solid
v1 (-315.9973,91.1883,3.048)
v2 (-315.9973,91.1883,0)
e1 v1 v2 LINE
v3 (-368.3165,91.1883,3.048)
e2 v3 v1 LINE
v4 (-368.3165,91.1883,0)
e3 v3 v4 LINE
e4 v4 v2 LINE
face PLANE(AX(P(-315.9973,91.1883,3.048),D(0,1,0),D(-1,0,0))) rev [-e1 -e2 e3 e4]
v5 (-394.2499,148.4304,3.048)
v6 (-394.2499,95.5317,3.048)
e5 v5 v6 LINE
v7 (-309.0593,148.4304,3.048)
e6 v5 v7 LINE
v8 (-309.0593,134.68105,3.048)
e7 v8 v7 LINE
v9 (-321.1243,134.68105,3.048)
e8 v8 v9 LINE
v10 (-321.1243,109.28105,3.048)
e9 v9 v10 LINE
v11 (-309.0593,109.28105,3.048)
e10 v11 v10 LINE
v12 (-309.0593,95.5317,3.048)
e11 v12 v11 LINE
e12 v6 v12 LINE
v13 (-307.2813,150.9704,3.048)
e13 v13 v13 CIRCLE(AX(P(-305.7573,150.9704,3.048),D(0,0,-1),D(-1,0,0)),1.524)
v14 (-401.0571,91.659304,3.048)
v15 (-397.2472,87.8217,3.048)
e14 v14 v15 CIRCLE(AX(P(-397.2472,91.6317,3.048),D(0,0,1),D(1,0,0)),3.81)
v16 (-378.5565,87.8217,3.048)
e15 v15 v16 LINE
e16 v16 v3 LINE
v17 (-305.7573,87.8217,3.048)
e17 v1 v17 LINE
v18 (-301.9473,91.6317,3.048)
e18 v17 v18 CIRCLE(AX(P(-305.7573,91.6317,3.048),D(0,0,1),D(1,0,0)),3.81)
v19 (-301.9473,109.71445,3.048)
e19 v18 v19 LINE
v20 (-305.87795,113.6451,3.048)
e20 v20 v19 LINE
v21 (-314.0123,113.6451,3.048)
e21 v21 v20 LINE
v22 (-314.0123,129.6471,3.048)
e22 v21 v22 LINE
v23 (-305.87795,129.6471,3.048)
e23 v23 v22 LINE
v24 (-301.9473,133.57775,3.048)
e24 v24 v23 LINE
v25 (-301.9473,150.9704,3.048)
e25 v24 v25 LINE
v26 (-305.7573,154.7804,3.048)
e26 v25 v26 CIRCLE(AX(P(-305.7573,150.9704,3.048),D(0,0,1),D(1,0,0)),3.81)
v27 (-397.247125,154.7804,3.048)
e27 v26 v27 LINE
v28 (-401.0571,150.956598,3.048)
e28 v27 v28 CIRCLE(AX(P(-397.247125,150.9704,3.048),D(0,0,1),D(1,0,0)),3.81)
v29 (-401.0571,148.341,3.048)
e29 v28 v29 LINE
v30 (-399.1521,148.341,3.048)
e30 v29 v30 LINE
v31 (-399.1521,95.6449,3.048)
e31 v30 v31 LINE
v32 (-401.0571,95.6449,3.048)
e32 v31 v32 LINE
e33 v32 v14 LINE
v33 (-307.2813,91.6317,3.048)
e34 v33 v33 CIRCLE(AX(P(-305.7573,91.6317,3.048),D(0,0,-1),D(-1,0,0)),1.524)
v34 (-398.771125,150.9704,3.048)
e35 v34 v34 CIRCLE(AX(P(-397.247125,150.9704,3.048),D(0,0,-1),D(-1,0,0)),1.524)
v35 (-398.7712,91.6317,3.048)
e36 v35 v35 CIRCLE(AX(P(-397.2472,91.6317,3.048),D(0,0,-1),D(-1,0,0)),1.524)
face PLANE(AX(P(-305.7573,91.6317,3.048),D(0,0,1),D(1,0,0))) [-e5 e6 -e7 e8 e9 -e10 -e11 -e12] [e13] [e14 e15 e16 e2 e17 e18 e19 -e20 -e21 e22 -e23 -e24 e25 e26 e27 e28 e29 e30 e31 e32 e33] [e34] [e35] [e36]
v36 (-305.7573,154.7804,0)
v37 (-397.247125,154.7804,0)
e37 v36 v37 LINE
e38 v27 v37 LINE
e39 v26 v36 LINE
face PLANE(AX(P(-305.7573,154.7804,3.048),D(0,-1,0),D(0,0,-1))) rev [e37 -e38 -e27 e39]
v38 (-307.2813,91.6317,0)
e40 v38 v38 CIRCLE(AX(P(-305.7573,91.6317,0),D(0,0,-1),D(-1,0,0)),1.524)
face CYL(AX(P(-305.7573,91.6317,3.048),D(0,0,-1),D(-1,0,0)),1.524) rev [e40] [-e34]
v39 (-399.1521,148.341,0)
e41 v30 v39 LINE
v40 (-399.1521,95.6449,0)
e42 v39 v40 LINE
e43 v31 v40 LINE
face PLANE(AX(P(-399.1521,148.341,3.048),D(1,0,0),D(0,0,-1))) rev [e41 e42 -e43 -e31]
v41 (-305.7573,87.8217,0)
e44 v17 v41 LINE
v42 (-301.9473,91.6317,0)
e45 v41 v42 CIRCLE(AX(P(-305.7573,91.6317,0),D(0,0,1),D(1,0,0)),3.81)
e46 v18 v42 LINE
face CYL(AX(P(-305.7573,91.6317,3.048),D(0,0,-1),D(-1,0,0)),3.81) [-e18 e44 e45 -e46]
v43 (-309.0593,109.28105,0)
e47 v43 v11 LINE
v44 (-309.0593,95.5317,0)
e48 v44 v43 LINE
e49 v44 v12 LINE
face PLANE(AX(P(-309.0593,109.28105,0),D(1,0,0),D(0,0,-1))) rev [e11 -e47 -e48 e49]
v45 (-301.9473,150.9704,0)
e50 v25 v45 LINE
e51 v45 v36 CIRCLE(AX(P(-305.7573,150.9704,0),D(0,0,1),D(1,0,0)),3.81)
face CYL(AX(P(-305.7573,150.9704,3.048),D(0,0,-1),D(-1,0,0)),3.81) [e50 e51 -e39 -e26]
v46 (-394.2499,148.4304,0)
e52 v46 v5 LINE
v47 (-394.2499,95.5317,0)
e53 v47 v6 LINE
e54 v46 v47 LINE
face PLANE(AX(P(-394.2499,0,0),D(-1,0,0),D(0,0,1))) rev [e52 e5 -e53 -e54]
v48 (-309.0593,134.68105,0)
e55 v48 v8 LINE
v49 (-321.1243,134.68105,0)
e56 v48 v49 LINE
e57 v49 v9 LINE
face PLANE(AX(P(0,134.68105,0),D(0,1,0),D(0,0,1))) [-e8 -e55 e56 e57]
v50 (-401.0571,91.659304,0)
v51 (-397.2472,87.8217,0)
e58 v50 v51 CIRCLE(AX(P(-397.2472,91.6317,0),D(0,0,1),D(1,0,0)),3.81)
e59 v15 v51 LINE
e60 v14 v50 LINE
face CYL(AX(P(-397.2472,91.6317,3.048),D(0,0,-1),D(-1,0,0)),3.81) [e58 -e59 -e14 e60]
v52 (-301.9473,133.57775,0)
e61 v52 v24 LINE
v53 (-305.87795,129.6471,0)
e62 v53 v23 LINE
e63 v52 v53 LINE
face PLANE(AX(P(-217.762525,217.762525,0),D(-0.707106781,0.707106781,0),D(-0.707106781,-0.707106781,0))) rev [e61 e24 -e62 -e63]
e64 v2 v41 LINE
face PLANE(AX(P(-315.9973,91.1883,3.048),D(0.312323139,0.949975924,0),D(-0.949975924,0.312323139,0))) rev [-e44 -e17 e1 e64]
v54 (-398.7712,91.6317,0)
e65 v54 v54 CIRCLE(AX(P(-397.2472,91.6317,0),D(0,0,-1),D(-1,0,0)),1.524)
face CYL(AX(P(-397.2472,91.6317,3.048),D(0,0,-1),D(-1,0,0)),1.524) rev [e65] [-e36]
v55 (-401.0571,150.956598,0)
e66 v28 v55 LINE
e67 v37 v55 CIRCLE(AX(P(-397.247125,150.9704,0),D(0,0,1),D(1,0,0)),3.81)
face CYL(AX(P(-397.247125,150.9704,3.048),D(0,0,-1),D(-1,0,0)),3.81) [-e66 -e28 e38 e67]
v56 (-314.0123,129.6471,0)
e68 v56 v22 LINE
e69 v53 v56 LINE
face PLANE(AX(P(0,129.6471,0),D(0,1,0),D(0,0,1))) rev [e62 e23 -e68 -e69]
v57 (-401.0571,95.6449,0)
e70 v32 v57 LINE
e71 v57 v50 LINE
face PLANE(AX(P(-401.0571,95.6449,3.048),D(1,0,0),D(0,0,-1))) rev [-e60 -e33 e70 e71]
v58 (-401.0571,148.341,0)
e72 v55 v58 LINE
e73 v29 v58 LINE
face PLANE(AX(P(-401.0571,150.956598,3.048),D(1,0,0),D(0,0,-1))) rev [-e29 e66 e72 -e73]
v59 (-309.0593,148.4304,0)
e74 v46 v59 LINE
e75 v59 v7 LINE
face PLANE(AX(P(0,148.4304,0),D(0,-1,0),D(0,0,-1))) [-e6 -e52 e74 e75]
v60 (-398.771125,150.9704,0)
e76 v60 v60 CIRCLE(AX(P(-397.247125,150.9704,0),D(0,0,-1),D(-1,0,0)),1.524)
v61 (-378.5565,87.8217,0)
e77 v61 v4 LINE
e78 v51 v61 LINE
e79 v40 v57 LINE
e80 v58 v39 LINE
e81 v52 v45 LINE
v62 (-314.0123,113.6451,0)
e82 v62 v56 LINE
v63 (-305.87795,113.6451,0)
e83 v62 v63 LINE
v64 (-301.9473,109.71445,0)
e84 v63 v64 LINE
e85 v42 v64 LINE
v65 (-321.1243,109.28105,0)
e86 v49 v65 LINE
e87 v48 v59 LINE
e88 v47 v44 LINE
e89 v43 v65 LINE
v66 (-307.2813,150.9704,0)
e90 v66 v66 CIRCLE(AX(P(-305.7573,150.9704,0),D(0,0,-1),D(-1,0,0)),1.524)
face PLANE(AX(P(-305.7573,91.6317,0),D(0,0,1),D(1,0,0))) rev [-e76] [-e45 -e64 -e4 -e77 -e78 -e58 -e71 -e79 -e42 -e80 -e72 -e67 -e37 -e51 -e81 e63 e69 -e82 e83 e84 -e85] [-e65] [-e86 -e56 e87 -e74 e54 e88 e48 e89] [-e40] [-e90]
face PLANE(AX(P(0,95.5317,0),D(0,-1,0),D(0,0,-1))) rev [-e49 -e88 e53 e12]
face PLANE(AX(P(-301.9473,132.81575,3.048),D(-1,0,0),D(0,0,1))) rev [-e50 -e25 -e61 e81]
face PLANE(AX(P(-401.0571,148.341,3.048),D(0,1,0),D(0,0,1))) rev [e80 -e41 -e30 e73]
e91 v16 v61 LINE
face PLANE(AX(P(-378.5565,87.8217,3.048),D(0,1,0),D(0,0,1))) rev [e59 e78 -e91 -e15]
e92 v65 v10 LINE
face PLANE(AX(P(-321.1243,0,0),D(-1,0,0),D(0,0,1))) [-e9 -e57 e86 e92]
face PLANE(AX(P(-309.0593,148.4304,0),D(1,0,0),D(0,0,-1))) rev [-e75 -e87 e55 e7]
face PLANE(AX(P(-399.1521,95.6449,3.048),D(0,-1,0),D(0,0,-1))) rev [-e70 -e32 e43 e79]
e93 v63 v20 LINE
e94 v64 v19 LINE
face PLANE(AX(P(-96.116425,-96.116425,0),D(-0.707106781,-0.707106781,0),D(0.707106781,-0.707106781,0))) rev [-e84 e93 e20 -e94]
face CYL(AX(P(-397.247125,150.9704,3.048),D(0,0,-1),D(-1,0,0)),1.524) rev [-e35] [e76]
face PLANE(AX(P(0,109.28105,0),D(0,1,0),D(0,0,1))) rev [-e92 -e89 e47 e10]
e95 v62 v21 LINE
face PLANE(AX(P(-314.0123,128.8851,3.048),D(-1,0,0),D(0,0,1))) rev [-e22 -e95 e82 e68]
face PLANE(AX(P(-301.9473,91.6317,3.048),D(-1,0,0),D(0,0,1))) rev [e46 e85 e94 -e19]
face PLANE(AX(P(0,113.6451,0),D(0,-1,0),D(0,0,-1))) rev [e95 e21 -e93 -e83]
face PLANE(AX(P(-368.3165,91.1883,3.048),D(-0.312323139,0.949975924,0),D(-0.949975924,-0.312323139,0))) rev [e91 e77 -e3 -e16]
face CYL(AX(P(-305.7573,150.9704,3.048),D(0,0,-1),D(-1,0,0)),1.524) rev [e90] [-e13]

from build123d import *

# Parameters (mm, degrees)
BOSS_EXTRUDE1_DEPTH = 3.048
SKETCH2_R           = 1.355900406
CUT_EXTRUDE1_DEPTH  = 4.048
SKETCH3_R           = 1.524
CUT_EXTRUDE2_DEPTH  = 4.048
CUT_EXTRUDE3_DEPTH  = 4.048
BOSS_EXTRUDE2_DEPTH = 3.048
SKETCH5_W           = 73.1256
SKETCH5_H           = 52.8987
SKETCH5_W_2         = 9.017
SKETCH5_H_2         = 13.74935
CUT_EXTRUDE4_DEPTH  = 4.048
SKETCH6_W           = 3.048
SKETCH6_H           = 13.74935
CUT_EXTRUDE5_DEPTH  = 4.048


with BuildPart() as part:
    # Sketch1 → Boss-Extrude1 (new body)
    with BuildSketch(Plane.XY):
        with BuildLine():
            Line((-309.8086, 128.8851), (-305.87795, 128.8851))
            Line((-305.87795, 128.8851), (-301.9473, 132.81575))
            Line((-301.9473, 132.81575), (-301.9473, 150.9704))
            ThreePointArc((-301.9473, 150.9704), (-303.063223164, 153.664476836), (-305.7573, 154.7804))
            Line((-305.7573, 154.7804), (-397.247125, 154.7804))
            ThreePointArc((-397.247125, 154.7804), (-399.946077222, 153.659592612), (-401.0571, 150.956597849))
            Line((-401.0571, 150.956597849), (-401.0571, 148.341))
            Line((-401.0571, 148.341), (-399.1521, 148.341))
            Line((-399.1521, 148.341), (-399.1521, 95.6449))
            Line((-399.1521, 95.6449), (-401.0571, 95.6449))
            Line((-401.0571, 95.6449), (-401.0571, 91.659304166))
            ThreePointArc((-401.0571, 91.659304166), (-399.951018769, 88.947400452), (-397.2472, 87.8217))
            Line((-397.2472, 87.8217), (-378.5565, 87.8217))
            Line((-378.5565, 87.8217), (-368.3165, 91.1883))
            Line((-368.3165, 91.1883), (-315.9973, 91.1883))
            Line((-315.9973, 91.1883), (-305.7573, 87.8217))
            ThreePointArc((-305.7573, 87.8217), (-303.063223164, 88.937623164), (-301.9473, 91.6317))
            Line((-301.9473, 91.6317), (-301.9473, 111.74645))
            Line((-301.9473, 111.74645), (-305.87795, 115.6771))
            Line((-305.87795, 115.6771), (-309.8086, 115.6771))
            Line((-309.8086, 115.6771), (-314.0123, 115.6771))
            Line((-314.0123, 115.6771), (-314.0123, 128.8851))
            Line((-314.0123, 128.8851), (-309.8086, 128.8851))
        make_face()
        Polygon((-395.3675, 92.9525), (-395.3675, 149.2432), (-309.8086, 149.2432), (-309.8086, 132.81575), (-318.2033, 132.81575), (-318.2033, 111.74645), (-309.8086, 111.74645), (-309.8086, 92.9525), align=None, mode=Mode.SUBTRACT)
    extrude(amount=BOSS_EXTRUDE1_DEPTH)

    # Sketch2 → Cut-Extrude1 (cut, through all)
    with BuildSketch(Plane(origin=(0, 0, 0), x_dir=(-1, 0, 0), z_dir=(0, 0, -1))):
        with Locations((305.7573, 150.9704)):
            Circle(SKETCH2_R)
        with Locations((397.247125, 150.9704)):
            Circle(SKETCH2_R)
        with Locations((397.2472, 91.6317)):
            Circle(SKETCH2_R)
        with Locations((305.7573, 91.6317)):
            Circle(SKETCH2_R)
    extrude(amount=-CUT_EXTRUDE1_DEPTH, mode=Mode.SUBTRACT)

    # Sketch3 → Cut-Extrude2 (cut, through all)
    with BuildSketch(Plane(origin=(0, 0, 0), x_dir=(-1, 0, 0), z_dir=(0, 0, -1))):
        with Locations((305.7573, 150.9704)):
            Circle(SKETCH3_R)
        with Locations((397.247125, 150.9704)):
            Circle(SKETCH3_R)
        with Locations((397.2472, 91.6317)):
            Circle(SKETCH3_R)
        with Locations((305.7573, 91.6317)):
            Circle(SKETCH3_R)
    extrude(amount=-CUT_EXTRUDE2_DEPTH, mode=Mode.SUBTRACT)

    # Sketch4 → Cut-Extrude3 (cut, through all)
    with BuildSketch(Plane.XY.offset(3.048)):
        Polygon((-301.9473, 133.57775), (-305.87795, 129.6471), (-314.0123, 129.6471), (-314.0123, 113.6451), (-305.87795, 113.6451), (-301.9473, 109.71445), align=None)
    extrude(amount=-CUT_EXTRUDE3_DEPTH, mode=Mode.SUBTRACT)

    # Sketch4<4> → Boss-Extrude2 (add)
    with BuildSketch(Plane.XY.offset(3.048)):
        Polygon((-318.2033, 111.74645), (-318.2033, 132.81575), (-309.8086, 132.81575), (-309.8086, 149.2432), (-395.3675, 149.2432), (-395.3675, 92.9525), (-309.8086, 92.9525), (-309.8086, 111.74645), align=None)
    extrude(amount=-BOSS_EXTRUDE2_DEPTH)

    # Sketch5 → Cut-Extrude4 (cut, through all)
    with BuildSketch(Plane.XY.offset(3.048)):
        with Locations((-357.6871, 121.98105)):
            Rectangle(SKETCH5_W, SKETCH5_H)
        with Locations((-316.6158, 141.555725)):
            Rectangle(SKETCH5_W_2, SKETCH5_H_2)
        with Locations((-316.6158, 102.406375)):
            Rectangle(SKETCH5_W_2, SKETCH5_H_2)
    extrude(amount=-CUT_EXTRUDE4_DEPTH, mode=Mode.SUBTRACT)

    # Sketch6 → Cut-Extrude5 (cut, through all)
    with BuildSketch(Plane.XY.offset(3.048)):
        with Locations((-310.5833, 141.555725)):
            Rectangle(SKETCH6_W, SKETCH6_H)
        with Locations((-310.5833, 102.406375)):
            Rectangle(SKETCH6_W, SKETCH6_H)
    extrude(amount=-CUT_EXTRUDE5_DEPTH, mode=Mode.SUBTRACT)


solid = part.part
